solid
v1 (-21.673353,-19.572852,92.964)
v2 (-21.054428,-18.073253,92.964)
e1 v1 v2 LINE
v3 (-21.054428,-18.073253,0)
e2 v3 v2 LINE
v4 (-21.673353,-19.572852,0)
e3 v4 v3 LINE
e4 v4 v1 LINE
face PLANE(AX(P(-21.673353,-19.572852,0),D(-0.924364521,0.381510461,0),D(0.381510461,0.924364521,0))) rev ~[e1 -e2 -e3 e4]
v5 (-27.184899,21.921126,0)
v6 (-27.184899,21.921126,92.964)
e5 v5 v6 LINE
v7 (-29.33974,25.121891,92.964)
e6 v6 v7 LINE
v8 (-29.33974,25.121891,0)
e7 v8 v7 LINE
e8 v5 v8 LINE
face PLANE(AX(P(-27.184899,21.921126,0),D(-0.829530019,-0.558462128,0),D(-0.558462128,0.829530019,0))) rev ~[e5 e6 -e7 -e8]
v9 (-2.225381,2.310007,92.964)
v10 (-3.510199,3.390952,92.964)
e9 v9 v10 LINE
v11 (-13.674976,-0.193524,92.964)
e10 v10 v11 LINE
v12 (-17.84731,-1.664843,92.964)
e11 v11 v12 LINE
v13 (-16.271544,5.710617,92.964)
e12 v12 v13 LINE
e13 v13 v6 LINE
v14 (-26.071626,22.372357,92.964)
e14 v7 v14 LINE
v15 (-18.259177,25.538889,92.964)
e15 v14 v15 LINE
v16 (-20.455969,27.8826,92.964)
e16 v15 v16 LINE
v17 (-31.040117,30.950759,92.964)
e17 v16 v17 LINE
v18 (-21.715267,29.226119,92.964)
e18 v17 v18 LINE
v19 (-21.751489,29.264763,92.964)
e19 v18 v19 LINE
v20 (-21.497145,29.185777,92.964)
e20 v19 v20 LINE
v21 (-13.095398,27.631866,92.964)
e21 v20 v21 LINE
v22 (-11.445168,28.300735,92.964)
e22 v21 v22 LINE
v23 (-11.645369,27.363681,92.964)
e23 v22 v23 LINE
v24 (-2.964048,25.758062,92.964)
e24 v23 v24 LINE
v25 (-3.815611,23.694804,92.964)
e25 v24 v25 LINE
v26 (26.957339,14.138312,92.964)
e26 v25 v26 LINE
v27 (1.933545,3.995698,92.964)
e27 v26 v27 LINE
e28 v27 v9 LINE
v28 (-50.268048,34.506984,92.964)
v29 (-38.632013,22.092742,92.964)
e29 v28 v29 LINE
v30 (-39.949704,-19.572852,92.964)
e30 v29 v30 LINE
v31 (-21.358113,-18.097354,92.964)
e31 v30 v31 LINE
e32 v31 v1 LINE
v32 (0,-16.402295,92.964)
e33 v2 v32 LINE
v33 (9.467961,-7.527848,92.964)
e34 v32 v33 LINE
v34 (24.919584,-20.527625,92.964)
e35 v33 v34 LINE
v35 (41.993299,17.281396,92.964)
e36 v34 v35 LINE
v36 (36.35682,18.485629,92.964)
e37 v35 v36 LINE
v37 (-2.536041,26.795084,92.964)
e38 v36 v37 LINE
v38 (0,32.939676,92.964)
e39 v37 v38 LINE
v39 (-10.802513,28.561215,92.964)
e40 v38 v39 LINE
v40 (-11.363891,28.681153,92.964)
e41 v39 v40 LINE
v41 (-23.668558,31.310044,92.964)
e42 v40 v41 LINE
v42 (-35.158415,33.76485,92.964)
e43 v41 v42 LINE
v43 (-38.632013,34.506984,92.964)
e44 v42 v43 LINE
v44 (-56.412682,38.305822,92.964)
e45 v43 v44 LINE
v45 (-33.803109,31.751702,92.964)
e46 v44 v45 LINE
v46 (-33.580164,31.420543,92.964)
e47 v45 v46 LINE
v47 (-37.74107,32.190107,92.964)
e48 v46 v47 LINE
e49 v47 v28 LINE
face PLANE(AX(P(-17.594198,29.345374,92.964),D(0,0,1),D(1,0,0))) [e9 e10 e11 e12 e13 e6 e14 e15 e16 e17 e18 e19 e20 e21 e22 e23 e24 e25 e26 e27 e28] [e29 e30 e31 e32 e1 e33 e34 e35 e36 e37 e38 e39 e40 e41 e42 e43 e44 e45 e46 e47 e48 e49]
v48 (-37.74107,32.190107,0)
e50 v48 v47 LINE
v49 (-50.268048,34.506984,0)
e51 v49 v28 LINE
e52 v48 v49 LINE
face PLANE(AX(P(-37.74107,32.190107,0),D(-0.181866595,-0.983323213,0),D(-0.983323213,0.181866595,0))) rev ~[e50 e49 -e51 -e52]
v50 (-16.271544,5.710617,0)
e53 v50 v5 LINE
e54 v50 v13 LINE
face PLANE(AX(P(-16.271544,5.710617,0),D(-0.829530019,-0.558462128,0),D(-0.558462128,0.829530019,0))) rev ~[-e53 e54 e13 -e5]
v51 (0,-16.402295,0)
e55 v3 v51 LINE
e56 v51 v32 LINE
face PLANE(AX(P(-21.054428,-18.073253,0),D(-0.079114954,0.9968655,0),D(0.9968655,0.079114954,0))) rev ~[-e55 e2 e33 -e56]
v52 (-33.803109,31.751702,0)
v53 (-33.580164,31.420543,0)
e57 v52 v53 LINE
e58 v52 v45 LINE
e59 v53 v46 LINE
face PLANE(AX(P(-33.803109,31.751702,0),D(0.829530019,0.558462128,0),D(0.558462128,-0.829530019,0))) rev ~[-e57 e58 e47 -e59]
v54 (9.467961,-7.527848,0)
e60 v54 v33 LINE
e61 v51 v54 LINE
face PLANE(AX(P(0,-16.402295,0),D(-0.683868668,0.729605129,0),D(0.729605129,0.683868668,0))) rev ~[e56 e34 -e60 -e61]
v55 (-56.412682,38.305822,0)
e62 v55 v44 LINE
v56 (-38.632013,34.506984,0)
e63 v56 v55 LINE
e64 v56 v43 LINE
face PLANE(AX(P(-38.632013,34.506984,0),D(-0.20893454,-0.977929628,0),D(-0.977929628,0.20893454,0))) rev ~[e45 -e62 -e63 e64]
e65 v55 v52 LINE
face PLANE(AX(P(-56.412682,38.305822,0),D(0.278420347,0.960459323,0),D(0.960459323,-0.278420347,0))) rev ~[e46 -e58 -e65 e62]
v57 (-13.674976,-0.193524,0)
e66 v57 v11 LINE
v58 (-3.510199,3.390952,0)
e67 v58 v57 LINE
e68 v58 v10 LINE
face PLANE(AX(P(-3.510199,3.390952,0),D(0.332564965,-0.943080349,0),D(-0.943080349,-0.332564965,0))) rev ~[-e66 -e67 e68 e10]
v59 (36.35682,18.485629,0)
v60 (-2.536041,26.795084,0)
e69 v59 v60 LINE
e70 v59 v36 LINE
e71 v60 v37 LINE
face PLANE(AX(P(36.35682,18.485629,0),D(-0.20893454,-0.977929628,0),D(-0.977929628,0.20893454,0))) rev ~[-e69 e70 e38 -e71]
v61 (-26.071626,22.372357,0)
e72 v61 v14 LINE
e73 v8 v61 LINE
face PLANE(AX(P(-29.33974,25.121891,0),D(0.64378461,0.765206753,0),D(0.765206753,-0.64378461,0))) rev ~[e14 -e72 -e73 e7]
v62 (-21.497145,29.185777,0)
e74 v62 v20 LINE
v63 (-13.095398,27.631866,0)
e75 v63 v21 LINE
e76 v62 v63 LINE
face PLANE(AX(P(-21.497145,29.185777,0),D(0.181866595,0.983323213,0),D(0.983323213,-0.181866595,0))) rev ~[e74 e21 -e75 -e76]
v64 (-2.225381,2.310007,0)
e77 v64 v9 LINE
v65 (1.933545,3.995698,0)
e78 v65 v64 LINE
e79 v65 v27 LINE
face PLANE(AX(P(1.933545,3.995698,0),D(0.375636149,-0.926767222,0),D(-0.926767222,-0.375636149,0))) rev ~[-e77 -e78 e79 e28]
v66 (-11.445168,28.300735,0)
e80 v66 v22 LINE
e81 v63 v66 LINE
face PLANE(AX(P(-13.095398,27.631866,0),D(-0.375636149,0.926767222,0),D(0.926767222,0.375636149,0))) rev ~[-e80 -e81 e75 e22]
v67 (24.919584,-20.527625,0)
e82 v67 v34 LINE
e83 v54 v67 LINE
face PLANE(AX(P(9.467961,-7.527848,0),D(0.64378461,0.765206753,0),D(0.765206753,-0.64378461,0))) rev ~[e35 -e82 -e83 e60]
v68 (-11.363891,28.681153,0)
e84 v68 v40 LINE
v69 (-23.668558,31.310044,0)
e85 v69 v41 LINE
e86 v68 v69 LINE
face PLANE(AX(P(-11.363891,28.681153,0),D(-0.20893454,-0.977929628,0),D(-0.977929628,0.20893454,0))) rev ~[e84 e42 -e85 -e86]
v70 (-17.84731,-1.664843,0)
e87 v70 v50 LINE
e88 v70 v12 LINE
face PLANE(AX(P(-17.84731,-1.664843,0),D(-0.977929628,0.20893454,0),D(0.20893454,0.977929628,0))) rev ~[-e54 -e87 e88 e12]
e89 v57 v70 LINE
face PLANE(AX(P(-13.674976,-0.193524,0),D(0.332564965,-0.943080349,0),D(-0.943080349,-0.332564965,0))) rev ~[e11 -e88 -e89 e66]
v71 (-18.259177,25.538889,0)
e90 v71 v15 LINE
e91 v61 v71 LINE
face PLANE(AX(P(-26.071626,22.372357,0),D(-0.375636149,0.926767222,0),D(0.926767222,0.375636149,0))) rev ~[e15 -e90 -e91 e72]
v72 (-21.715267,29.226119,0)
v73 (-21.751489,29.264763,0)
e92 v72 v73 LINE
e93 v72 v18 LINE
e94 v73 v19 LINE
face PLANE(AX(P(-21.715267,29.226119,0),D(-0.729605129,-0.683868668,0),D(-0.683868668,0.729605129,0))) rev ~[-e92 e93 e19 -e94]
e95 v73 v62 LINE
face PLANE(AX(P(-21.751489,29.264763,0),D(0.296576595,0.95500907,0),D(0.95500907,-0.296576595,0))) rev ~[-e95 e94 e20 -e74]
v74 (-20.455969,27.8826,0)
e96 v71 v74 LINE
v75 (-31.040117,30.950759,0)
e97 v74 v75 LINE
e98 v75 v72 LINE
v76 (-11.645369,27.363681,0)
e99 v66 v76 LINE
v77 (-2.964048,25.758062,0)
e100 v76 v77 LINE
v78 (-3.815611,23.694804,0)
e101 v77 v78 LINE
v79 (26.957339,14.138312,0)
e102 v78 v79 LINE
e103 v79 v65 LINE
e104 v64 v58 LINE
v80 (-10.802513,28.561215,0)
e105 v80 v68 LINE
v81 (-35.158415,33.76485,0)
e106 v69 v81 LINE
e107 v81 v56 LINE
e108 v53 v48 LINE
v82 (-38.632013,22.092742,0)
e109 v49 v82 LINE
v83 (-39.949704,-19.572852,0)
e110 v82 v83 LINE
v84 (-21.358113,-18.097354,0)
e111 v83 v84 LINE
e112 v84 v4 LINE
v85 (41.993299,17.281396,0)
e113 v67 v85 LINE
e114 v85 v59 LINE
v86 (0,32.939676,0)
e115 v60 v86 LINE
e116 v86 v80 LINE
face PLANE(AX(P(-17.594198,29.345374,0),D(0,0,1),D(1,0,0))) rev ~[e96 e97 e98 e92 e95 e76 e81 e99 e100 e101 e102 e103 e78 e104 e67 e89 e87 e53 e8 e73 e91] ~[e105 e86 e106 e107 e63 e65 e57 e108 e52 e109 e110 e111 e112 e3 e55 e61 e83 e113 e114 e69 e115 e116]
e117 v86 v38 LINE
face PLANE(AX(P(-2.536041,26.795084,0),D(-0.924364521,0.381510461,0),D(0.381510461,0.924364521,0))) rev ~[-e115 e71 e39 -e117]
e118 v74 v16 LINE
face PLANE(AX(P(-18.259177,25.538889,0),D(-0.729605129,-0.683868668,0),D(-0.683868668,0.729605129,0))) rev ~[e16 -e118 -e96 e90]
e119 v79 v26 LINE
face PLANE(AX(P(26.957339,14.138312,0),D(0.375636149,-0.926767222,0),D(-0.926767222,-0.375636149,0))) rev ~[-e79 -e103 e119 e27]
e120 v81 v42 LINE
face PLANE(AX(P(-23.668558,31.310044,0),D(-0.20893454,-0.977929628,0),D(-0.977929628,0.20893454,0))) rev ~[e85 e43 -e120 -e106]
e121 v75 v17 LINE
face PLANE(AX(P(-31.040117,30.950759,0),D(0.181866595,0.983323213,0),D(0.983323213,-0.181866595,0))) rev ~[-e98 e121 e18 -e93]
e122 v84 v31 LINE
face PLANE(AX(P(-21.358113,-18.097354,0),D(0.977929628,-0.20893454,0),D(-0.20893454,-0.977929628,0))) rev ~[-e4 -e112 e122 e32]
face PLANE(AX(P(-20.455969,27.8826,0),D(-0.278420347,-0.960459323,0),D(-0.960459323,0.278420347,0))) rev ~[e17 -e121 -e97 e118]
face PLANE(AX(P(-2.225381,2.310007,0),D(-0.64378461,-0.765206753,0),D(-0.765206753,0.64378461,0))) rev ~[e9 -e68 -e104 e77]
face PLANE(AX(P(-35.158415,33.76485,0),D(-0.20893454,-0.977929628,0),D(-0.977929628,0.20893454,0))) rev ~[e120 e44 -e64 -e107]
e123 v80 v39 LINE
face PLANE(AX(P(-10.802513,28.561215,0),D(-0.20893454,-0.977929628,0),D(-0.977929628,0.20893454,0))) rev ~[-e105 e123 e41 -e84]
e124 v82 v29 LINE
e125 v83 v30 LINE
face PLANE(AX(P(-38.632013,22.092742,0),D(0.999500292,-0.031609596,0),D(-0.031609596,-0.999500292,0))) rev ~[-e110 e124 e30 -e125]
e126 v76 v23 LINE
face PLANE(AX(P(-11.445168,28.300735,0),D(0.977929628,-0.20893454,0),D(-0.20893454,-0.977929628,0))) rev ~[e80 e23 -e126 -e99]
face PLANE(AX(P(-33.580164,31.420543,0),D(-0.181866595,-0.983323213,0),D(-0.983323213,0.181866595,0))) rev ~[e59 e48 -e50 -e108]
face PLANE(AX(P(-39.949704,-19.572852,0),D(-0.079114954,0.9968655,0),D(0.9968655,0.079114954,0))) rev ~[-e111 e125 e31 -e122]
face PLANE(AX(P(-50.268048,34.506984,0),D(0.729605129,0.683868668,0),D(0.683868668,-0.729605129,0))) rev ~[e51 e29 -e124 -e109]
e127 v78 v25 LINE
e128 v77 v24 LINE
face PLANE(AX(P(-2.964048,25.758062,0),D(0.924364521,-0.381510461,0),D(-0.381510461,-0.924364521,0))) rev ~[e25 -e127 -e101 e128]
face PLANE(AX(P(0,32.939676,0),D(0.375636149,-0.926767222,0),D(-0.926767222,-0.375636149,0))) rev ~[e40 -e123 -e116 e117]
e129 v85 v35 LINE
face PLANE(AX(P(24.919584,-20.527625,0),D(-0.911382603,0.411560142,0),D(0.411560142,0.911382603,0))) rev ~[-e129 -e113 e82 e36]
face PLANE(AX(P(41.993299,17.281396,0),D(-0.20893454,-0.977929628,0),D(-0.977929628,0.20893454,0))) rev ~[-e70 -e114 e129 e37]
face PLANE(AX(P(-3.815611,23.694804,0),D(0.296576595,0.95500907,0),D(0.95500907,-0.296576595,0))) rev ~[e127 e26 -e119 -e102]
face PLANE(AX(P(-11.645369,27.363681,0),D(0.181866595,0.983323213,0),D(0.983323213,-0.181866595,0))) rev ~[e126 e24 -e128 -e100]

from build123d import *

# Parameters (mm, degrees)
F1_DEPTH = 92.964


with BuildPart() as f1:
    # F0 (on Top) → F1 (new body)
    with BuildSketch(Plane.XY):
        Polygon((-11.363891304, 28.6811531914), (-23.6685577262, 31.310043601), (-21.7514889919, 29.2647632039), (-21.4971445771, 29.1857769379), (-13.0953979351, 27.631865636), (-11.445167611, 28.3007349582), align=None)
        Polygon((-21.7514889919, 29.2647632039), (-23.6685577262, 31.310043601), (-35.158415116, 33.764850165), (-34.8719179356, 33.3392921913), align=None)
        Polygon((-21.7152671967, 29.2261189308), (-21.7514889919, 29.2647632039), (-34.8719179356, 33.3392921913), (-33.8031092464, 31.7517021871), (-31.0401167534, 30.9507590243), align=None)
        Polygon((-34.8719179356, 33.3392921913), (-35.158415116, 33.764850165), (-38.6320129037, 34.5069838887), align=None)
        Polygon((-10.8025132343, 28.5612148385), (-11.363891304, 28.6811531914), (-11.445167611, 28.3007349582), align=None)
        Polygon((-33.8031092464, 31.7517021871), (-34.8719179356, 33.3392921913), (-38.6320129037, 34.5069838887), (-56.4126817215, 38.3058215108), align=None)
        Polygon((-10.8025132343, 28.5612148385), (-11.445167611, 28.3007349582), (-11.6453689931, 27.3636813576), (-2.9640479419, 25.7580624939), (-2.536040841, 26.7950840673), align=None)
        Polygon((0, 32.9396761954), (-10.8025132343, 28.5612148385), (-2.536040841, 26.7950840673), align=None)
        Polygon((-18.2591771562, 25.5388890032), (-20.4559686533, 27.8825997451), (-31.0401167534, 30.9507590243), (-33.5801640761, 31.4205432739), (-29.339740332, 25.1218909351), (-26.0716256546, 22.3723570017), align=None)
        Polygon((-33.5801640761, 31.4205432739), (-31.0401167534, 30.9507590243), (-33.8031092464, 31.7517021871), align=None)
        Polygon((36.3568202391, 18.4856292647), (-2.536040841, 26.7950840673), (-2.9640479419, 25.7580624939), align=None)
        Polygon((-29.339740332, 25.1218909351), (-33.5801640761, 31.4205432739), (-37.7410697113, 32.190106862), align=None)
        Polygon((36.3568202391, 18.4856292647), (-2.9640479419, 25.7580624939), (-3.815611044, 23.6948039497), (26.957339273, 14.1383116556), (1.9335445611, 3.9956980087), (11.2069335345, -5.8978860567), (31.1385840178, 12.7843171358), align=None)
        Polygon((41.9932989192, 17.2813963145), (36.3568202391, 18.4856292647), (31.1385840178, 12.7843171358), (11.2069335345, -5.8978860567), (24.9195843935, -20.5276254565), align=None)
        Polygon((-27.1848988191, 21.921126494), (-29.339740332, 25.1218909351), (-37.7410697113, 32.190106862), (-50.2680484108, 34.5069838887), (-38.6320129037, 22.0927418237), (-39.6262408451, -9.3448986648), (-17.8473095251, -1.6648430482), (-16.271543508, 5.7106166242), align=None)
        Polygon((9.4679610689, -7.5278482606), (24.9195843935, -20.5276254565), (11.2069335345, -5.8978860567), align=None)
        Polygon((9.4679610689, -7.5278482606), (11.2069335345, -5.8978860567), (1.9335445611, 3.9956980087), (-2.2253809367, 2.3100074492), align=None)
        Polygon((0, -16.4022950937), (9.4679610689, -7.5278482606), (-2.2253809367, 2.3100074492), (-3.5101987058, 3.3909517865), (-13.6749758769, -0.1935240933), (-21.0544278002, -18.0732527887), align=None)
        Polygon((-21.0544278002, -18.0732527887), (-13.6749758769, -0.1935240933), (-17.8473095251, -1.6648430482), (-21.3581134797, -18.0973544137), align=None)
        Polygon((-21.3581134797, -18.0973544137), (-17.8473095251, -1.6648430482), (-39.6262408451, -9.3448986648), (-39.9497039616, -19.5728521794), align=None)
        Polygon((-21.6733533889, -19.5728521794), (-21.0544278002, -18.0732527887), (-21.3581134797, -18.0973544137), align=None)
    extrude(amount=F1_DEPTH)


solid = f1.part
